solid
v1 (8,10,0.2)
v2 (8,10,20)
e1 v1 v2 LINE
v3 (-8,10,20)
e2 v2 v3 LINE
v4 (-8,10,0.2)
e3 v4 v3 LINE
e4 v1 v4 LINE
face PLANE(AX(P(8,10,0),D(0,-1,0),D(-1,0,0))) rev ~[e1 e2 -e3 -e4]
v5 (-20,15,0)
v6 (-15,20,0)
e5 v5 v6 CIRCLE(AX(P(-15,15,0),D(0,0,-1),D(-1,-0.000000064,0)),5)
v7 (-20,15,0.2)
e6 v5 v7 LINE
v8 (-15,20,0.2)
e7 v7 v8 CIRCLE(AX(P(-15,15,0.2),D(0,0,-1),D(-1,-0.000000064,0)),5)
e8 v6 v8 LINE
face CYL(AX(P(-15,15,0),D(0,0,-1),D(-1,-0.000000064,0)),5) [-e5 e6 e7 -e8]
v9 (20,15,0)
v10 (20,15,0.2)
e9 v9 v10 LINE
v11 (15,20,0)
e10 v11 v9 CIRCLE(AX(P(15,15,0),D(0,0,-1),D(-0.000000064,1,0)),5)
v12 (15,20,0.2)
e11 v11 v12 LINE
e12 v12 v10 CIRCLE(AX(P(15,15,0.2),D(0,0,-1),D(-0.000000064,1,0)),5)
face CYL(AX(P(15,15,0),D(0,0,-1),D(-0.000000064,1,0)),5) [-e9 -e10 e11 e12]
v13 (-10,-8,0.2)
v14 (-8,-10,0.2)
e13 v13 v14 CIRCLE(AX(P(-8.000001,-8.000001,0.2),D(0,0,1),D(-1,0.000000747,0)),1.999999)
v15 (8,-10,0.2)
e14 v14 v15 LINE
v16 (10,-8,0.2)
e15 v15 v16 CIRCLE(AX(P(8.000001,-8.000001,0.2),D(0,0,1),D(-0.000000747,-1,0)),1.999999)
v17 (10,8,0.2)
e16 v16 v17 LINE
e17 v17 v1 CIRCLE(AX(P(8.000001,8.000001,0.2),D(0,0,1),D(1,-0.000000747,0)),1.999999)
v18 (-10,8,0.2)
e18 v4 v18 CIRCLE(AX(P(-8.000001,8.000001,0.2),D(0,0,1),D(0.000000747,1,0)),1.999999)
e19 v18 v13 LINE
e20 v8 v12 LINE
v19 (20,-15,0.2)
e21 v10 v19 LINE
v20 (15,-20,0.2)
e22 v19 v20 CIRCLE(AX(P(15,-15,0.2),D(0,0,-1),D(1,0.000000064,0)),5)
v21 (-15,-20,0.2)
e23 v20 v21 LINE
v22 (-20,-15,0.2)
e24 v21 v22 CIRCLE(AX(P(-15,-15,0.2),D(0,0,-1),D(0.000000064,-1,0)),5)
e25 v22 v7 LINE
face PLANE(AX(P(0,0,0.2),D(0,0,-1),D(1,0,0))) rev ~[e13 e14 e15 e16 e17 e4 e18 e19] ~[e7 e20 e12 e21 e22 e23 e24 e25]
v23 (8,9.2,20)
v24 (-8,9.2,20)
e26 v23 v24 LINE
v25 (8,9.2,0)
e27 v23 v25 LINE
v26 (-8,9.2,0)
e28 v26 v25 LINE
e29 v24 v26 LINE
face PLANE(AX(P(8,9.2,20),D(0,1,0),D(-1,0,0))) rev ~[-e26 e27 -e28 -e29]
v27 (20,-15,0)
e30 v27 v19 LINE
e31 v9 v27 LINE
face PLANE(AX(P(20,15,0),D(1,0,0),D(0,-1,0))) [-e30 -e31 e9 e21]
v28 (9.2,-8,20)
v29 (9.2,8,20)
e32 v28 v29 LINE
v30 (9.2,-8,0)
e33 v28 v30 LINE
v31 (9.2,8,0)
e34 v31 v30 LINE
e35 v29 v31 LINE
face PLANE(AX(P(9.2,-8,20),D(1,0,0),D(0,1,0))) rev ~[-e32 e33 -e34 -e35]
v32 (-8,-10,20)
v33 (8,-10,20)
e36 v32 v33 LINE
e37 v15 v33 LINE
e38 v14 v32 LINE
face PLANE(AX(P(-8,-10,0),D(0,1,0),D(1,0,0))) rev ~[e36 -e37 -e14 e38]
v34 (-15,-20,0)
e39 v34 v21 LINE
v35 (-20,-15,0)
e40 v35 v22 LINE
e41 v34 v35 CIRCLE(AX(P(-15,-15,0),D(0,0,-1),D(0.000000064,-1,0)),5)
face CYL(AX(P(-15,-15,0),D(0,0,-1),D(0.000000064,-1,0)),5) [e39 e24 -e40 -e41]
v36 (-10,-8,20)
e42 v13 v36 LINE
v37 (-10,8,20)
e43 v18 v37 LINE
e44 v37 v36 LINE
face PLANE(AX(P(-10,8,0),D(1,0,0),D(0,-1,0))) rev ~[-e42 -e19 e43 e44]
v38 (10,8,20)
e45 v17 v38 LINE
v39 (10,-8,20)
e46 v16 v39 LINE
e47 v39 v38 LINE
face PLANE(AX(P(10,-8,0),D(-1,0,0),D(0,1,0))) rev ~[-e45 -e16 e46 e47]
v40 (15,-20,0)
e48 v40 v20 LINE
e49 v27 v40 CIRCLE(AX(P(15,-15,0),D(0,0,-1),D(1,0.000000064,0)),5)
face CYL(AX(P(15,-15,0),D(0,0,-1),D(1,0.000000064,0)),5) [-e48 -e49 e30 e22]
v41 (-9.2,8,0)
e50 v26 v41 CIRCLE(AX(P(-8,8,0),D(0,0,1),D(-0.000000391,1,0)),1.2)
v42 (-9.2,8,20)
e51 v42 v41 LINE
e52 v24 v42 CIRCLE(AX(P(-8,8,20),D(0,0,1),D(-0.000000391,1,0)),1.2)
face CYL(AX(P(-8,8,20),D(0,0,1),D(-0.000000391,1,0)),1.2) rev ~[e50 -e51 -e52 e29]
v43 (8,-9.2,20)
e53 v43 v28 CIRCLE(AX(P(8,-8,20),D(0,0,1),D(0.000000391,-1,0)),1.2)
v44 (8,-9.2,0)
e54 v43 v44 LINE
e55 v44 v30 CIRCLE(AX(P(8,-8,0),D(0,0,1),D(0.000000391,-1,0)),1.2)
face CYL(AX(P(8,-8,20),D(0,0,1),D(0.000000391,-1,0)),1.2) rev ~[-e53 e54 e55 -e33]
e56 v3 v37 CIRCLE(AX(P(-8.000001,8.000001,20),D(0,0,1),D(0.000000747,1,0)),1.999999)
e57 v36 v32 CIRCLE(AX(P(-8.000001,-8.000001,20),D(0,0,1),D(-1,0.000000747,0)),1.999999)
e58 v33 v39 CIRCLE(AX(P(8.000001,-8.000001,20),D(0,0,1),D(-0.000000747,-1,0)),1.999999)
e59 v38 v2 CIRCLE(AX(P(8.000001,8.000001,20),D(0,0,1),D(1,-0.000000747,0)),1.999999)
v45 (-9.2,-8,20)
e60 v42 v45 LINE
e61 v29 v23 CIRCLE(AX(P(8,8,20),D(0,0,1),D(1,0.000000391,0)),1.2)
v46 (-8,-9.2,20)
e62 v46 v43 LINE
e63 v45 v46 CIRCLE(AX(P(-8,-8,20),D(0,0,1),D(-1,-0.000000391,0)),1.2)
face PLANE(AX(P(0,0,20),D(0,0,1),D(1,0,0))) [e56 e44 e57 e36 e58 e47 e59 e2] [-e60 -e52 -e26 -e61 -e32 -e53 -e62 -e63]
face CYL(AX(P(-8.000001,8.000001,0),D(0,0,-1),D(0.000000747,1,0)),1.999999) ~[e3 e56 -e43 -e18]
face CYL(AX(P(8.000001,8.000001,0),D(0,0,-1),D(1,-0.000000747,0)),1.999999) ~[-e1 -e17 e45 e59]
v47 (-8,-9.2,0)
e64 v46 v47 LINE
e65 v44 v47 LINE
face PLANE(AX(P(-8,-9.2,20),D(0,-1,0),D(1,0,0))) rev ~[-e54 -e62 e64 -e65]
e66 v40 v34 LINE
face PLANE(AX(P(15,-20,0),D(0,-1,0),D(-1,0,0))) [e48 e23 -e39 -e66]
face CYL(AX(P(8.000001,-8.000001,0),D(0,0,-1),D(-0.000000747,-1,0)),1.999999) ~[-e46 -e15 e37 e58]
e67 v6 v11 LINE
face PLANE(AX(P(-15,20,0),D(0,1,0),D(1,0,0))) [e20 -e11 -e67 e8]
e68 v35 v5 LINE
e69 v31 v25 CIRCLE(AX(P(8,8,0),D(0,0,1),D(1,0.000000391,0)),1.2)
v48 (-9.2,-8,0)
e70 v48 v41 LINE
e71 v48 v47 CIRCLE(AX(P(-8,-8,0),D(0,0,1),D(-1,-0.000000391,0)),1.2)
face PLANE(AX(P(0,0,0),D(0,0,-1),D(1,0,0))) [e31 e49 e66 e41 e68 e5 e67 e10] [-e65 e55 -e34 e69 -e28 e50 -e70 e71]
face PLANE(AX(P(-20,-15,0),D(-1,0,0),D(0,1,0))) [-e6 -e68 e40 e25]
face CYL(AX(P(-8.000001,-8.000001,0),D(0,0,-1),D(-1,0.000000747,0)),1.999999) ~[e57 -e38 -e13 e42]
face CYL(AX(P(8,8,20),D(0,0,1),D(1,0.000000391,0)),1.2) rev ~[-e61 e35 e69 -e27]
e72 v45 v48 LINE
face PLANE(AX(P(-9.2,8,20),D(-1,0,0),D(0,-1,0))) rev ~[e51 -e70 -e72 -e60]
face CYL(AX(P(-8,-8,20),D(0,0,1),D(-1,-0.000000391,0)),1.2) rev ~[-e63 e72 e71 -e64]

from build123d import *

# Parameters (mm, degrees)
F1_DEPTH = 20
F3_DEPTH = 0.2
F5_DEPTH = 20.001


with BuildPart() as f1:
    # F0 (on Top) → F1 (new body)
    with BuildSketch(Plane.XY):
        with BuildLine():
            Line((8, 10), (-8, 10))
            ThreePointArc((-8, 10), (-9.414214, 9.414214), (-10, 8))
            Line((-10, 8), (-10, -8))
            ThreePointArc((-10, -8), (-9.414214, -9.414214), (-8, -10))
            Line((-8, -10), (8, -10))
            ThreePointArc((8, -10), (9.414214, -9.414214), (10, -8))
            Line((10, -8), (10, 8))
            ThreePointArc((10, 8), (9.414214, 9.414214), (8, 10))
        make_face()
    extrude(amount=F1_DEPTH)

    # F2 (on face) → F3 (join)
    with BuildSketch(Plane(origin=(0, 0, 0), x_dir=(1, 0, 0), z_dir=(0, 0, -1))):
        with BuildLine():
            Line((15, 20), (-15, 20))
            ThreePointArc((-15, 20), (-18.535534, 18.535534), (-20, 15))
            Line((-20, 15), (-20, -15))
            ThreePointArc((-20, -15), (-18.535534, -18.535534), (-15, -20))
            Line((-15, -20), (15, -20))
            ThreePointArc((15, -20), (18.535534, -18.535534), (20, -15))
            Line((20, -15), (20, 15))
            ThreePointArc((20, 15), (18.535534, 18.535534), (15, 20))
        make_face()
        with BuildLine():
            Line((8, -10), (-8, -10))
            ThreePointArc((-8, -10), (-9.414214, -9.414214), (-10, -8))
            Line((-10, -8), (-10, 8))
            ThreePointArc((-10, 8), (-9.414214, 9.414214), (-8, 10))
            Line((-8, 10), (8, 10))
            ThreePointArc((8, 10), (9.414214, 9.414214), (10, 8))
            Line((10, 8), (10, -8))
            ThreePointArc((10, -8), (9.414214, -9.414214), (8, -10))
        make_face(mode=Mode.SUBTRACT)
    extrude(amount=-F3_DEPTH)

    # F4 (on face) → F5 (cut, through all)
    with BuildSketch(Plane.XY.offset(20)):
        with BuildLine():
            ThreePointArc((-8, 9.2), (-8.848528, 8.848528), (-9.2, 8))
            Line((-9.2, 8), (-9.2, -8))
            ThreePointArc((-9.2, -8), (-8.848528, -8.848528), (-8, -9.2))
            Line((-8, -9.2), (8, -9.2))
            ThreePointArc((8, -9.2), (8.848528, -8.848528), (9.2, -8))
            Line((9.2, -8), (9.2, 8))
            ThreePointArc((9.2, 8), (8.848528, 8.848528), (8, 9.2))
            Line((8, 9.2), (-8, 9.2))
        make_face()
    extrude(amount=-F5_DEPTH, mode=Mode.SUBTRACT)


solid = f1.part
